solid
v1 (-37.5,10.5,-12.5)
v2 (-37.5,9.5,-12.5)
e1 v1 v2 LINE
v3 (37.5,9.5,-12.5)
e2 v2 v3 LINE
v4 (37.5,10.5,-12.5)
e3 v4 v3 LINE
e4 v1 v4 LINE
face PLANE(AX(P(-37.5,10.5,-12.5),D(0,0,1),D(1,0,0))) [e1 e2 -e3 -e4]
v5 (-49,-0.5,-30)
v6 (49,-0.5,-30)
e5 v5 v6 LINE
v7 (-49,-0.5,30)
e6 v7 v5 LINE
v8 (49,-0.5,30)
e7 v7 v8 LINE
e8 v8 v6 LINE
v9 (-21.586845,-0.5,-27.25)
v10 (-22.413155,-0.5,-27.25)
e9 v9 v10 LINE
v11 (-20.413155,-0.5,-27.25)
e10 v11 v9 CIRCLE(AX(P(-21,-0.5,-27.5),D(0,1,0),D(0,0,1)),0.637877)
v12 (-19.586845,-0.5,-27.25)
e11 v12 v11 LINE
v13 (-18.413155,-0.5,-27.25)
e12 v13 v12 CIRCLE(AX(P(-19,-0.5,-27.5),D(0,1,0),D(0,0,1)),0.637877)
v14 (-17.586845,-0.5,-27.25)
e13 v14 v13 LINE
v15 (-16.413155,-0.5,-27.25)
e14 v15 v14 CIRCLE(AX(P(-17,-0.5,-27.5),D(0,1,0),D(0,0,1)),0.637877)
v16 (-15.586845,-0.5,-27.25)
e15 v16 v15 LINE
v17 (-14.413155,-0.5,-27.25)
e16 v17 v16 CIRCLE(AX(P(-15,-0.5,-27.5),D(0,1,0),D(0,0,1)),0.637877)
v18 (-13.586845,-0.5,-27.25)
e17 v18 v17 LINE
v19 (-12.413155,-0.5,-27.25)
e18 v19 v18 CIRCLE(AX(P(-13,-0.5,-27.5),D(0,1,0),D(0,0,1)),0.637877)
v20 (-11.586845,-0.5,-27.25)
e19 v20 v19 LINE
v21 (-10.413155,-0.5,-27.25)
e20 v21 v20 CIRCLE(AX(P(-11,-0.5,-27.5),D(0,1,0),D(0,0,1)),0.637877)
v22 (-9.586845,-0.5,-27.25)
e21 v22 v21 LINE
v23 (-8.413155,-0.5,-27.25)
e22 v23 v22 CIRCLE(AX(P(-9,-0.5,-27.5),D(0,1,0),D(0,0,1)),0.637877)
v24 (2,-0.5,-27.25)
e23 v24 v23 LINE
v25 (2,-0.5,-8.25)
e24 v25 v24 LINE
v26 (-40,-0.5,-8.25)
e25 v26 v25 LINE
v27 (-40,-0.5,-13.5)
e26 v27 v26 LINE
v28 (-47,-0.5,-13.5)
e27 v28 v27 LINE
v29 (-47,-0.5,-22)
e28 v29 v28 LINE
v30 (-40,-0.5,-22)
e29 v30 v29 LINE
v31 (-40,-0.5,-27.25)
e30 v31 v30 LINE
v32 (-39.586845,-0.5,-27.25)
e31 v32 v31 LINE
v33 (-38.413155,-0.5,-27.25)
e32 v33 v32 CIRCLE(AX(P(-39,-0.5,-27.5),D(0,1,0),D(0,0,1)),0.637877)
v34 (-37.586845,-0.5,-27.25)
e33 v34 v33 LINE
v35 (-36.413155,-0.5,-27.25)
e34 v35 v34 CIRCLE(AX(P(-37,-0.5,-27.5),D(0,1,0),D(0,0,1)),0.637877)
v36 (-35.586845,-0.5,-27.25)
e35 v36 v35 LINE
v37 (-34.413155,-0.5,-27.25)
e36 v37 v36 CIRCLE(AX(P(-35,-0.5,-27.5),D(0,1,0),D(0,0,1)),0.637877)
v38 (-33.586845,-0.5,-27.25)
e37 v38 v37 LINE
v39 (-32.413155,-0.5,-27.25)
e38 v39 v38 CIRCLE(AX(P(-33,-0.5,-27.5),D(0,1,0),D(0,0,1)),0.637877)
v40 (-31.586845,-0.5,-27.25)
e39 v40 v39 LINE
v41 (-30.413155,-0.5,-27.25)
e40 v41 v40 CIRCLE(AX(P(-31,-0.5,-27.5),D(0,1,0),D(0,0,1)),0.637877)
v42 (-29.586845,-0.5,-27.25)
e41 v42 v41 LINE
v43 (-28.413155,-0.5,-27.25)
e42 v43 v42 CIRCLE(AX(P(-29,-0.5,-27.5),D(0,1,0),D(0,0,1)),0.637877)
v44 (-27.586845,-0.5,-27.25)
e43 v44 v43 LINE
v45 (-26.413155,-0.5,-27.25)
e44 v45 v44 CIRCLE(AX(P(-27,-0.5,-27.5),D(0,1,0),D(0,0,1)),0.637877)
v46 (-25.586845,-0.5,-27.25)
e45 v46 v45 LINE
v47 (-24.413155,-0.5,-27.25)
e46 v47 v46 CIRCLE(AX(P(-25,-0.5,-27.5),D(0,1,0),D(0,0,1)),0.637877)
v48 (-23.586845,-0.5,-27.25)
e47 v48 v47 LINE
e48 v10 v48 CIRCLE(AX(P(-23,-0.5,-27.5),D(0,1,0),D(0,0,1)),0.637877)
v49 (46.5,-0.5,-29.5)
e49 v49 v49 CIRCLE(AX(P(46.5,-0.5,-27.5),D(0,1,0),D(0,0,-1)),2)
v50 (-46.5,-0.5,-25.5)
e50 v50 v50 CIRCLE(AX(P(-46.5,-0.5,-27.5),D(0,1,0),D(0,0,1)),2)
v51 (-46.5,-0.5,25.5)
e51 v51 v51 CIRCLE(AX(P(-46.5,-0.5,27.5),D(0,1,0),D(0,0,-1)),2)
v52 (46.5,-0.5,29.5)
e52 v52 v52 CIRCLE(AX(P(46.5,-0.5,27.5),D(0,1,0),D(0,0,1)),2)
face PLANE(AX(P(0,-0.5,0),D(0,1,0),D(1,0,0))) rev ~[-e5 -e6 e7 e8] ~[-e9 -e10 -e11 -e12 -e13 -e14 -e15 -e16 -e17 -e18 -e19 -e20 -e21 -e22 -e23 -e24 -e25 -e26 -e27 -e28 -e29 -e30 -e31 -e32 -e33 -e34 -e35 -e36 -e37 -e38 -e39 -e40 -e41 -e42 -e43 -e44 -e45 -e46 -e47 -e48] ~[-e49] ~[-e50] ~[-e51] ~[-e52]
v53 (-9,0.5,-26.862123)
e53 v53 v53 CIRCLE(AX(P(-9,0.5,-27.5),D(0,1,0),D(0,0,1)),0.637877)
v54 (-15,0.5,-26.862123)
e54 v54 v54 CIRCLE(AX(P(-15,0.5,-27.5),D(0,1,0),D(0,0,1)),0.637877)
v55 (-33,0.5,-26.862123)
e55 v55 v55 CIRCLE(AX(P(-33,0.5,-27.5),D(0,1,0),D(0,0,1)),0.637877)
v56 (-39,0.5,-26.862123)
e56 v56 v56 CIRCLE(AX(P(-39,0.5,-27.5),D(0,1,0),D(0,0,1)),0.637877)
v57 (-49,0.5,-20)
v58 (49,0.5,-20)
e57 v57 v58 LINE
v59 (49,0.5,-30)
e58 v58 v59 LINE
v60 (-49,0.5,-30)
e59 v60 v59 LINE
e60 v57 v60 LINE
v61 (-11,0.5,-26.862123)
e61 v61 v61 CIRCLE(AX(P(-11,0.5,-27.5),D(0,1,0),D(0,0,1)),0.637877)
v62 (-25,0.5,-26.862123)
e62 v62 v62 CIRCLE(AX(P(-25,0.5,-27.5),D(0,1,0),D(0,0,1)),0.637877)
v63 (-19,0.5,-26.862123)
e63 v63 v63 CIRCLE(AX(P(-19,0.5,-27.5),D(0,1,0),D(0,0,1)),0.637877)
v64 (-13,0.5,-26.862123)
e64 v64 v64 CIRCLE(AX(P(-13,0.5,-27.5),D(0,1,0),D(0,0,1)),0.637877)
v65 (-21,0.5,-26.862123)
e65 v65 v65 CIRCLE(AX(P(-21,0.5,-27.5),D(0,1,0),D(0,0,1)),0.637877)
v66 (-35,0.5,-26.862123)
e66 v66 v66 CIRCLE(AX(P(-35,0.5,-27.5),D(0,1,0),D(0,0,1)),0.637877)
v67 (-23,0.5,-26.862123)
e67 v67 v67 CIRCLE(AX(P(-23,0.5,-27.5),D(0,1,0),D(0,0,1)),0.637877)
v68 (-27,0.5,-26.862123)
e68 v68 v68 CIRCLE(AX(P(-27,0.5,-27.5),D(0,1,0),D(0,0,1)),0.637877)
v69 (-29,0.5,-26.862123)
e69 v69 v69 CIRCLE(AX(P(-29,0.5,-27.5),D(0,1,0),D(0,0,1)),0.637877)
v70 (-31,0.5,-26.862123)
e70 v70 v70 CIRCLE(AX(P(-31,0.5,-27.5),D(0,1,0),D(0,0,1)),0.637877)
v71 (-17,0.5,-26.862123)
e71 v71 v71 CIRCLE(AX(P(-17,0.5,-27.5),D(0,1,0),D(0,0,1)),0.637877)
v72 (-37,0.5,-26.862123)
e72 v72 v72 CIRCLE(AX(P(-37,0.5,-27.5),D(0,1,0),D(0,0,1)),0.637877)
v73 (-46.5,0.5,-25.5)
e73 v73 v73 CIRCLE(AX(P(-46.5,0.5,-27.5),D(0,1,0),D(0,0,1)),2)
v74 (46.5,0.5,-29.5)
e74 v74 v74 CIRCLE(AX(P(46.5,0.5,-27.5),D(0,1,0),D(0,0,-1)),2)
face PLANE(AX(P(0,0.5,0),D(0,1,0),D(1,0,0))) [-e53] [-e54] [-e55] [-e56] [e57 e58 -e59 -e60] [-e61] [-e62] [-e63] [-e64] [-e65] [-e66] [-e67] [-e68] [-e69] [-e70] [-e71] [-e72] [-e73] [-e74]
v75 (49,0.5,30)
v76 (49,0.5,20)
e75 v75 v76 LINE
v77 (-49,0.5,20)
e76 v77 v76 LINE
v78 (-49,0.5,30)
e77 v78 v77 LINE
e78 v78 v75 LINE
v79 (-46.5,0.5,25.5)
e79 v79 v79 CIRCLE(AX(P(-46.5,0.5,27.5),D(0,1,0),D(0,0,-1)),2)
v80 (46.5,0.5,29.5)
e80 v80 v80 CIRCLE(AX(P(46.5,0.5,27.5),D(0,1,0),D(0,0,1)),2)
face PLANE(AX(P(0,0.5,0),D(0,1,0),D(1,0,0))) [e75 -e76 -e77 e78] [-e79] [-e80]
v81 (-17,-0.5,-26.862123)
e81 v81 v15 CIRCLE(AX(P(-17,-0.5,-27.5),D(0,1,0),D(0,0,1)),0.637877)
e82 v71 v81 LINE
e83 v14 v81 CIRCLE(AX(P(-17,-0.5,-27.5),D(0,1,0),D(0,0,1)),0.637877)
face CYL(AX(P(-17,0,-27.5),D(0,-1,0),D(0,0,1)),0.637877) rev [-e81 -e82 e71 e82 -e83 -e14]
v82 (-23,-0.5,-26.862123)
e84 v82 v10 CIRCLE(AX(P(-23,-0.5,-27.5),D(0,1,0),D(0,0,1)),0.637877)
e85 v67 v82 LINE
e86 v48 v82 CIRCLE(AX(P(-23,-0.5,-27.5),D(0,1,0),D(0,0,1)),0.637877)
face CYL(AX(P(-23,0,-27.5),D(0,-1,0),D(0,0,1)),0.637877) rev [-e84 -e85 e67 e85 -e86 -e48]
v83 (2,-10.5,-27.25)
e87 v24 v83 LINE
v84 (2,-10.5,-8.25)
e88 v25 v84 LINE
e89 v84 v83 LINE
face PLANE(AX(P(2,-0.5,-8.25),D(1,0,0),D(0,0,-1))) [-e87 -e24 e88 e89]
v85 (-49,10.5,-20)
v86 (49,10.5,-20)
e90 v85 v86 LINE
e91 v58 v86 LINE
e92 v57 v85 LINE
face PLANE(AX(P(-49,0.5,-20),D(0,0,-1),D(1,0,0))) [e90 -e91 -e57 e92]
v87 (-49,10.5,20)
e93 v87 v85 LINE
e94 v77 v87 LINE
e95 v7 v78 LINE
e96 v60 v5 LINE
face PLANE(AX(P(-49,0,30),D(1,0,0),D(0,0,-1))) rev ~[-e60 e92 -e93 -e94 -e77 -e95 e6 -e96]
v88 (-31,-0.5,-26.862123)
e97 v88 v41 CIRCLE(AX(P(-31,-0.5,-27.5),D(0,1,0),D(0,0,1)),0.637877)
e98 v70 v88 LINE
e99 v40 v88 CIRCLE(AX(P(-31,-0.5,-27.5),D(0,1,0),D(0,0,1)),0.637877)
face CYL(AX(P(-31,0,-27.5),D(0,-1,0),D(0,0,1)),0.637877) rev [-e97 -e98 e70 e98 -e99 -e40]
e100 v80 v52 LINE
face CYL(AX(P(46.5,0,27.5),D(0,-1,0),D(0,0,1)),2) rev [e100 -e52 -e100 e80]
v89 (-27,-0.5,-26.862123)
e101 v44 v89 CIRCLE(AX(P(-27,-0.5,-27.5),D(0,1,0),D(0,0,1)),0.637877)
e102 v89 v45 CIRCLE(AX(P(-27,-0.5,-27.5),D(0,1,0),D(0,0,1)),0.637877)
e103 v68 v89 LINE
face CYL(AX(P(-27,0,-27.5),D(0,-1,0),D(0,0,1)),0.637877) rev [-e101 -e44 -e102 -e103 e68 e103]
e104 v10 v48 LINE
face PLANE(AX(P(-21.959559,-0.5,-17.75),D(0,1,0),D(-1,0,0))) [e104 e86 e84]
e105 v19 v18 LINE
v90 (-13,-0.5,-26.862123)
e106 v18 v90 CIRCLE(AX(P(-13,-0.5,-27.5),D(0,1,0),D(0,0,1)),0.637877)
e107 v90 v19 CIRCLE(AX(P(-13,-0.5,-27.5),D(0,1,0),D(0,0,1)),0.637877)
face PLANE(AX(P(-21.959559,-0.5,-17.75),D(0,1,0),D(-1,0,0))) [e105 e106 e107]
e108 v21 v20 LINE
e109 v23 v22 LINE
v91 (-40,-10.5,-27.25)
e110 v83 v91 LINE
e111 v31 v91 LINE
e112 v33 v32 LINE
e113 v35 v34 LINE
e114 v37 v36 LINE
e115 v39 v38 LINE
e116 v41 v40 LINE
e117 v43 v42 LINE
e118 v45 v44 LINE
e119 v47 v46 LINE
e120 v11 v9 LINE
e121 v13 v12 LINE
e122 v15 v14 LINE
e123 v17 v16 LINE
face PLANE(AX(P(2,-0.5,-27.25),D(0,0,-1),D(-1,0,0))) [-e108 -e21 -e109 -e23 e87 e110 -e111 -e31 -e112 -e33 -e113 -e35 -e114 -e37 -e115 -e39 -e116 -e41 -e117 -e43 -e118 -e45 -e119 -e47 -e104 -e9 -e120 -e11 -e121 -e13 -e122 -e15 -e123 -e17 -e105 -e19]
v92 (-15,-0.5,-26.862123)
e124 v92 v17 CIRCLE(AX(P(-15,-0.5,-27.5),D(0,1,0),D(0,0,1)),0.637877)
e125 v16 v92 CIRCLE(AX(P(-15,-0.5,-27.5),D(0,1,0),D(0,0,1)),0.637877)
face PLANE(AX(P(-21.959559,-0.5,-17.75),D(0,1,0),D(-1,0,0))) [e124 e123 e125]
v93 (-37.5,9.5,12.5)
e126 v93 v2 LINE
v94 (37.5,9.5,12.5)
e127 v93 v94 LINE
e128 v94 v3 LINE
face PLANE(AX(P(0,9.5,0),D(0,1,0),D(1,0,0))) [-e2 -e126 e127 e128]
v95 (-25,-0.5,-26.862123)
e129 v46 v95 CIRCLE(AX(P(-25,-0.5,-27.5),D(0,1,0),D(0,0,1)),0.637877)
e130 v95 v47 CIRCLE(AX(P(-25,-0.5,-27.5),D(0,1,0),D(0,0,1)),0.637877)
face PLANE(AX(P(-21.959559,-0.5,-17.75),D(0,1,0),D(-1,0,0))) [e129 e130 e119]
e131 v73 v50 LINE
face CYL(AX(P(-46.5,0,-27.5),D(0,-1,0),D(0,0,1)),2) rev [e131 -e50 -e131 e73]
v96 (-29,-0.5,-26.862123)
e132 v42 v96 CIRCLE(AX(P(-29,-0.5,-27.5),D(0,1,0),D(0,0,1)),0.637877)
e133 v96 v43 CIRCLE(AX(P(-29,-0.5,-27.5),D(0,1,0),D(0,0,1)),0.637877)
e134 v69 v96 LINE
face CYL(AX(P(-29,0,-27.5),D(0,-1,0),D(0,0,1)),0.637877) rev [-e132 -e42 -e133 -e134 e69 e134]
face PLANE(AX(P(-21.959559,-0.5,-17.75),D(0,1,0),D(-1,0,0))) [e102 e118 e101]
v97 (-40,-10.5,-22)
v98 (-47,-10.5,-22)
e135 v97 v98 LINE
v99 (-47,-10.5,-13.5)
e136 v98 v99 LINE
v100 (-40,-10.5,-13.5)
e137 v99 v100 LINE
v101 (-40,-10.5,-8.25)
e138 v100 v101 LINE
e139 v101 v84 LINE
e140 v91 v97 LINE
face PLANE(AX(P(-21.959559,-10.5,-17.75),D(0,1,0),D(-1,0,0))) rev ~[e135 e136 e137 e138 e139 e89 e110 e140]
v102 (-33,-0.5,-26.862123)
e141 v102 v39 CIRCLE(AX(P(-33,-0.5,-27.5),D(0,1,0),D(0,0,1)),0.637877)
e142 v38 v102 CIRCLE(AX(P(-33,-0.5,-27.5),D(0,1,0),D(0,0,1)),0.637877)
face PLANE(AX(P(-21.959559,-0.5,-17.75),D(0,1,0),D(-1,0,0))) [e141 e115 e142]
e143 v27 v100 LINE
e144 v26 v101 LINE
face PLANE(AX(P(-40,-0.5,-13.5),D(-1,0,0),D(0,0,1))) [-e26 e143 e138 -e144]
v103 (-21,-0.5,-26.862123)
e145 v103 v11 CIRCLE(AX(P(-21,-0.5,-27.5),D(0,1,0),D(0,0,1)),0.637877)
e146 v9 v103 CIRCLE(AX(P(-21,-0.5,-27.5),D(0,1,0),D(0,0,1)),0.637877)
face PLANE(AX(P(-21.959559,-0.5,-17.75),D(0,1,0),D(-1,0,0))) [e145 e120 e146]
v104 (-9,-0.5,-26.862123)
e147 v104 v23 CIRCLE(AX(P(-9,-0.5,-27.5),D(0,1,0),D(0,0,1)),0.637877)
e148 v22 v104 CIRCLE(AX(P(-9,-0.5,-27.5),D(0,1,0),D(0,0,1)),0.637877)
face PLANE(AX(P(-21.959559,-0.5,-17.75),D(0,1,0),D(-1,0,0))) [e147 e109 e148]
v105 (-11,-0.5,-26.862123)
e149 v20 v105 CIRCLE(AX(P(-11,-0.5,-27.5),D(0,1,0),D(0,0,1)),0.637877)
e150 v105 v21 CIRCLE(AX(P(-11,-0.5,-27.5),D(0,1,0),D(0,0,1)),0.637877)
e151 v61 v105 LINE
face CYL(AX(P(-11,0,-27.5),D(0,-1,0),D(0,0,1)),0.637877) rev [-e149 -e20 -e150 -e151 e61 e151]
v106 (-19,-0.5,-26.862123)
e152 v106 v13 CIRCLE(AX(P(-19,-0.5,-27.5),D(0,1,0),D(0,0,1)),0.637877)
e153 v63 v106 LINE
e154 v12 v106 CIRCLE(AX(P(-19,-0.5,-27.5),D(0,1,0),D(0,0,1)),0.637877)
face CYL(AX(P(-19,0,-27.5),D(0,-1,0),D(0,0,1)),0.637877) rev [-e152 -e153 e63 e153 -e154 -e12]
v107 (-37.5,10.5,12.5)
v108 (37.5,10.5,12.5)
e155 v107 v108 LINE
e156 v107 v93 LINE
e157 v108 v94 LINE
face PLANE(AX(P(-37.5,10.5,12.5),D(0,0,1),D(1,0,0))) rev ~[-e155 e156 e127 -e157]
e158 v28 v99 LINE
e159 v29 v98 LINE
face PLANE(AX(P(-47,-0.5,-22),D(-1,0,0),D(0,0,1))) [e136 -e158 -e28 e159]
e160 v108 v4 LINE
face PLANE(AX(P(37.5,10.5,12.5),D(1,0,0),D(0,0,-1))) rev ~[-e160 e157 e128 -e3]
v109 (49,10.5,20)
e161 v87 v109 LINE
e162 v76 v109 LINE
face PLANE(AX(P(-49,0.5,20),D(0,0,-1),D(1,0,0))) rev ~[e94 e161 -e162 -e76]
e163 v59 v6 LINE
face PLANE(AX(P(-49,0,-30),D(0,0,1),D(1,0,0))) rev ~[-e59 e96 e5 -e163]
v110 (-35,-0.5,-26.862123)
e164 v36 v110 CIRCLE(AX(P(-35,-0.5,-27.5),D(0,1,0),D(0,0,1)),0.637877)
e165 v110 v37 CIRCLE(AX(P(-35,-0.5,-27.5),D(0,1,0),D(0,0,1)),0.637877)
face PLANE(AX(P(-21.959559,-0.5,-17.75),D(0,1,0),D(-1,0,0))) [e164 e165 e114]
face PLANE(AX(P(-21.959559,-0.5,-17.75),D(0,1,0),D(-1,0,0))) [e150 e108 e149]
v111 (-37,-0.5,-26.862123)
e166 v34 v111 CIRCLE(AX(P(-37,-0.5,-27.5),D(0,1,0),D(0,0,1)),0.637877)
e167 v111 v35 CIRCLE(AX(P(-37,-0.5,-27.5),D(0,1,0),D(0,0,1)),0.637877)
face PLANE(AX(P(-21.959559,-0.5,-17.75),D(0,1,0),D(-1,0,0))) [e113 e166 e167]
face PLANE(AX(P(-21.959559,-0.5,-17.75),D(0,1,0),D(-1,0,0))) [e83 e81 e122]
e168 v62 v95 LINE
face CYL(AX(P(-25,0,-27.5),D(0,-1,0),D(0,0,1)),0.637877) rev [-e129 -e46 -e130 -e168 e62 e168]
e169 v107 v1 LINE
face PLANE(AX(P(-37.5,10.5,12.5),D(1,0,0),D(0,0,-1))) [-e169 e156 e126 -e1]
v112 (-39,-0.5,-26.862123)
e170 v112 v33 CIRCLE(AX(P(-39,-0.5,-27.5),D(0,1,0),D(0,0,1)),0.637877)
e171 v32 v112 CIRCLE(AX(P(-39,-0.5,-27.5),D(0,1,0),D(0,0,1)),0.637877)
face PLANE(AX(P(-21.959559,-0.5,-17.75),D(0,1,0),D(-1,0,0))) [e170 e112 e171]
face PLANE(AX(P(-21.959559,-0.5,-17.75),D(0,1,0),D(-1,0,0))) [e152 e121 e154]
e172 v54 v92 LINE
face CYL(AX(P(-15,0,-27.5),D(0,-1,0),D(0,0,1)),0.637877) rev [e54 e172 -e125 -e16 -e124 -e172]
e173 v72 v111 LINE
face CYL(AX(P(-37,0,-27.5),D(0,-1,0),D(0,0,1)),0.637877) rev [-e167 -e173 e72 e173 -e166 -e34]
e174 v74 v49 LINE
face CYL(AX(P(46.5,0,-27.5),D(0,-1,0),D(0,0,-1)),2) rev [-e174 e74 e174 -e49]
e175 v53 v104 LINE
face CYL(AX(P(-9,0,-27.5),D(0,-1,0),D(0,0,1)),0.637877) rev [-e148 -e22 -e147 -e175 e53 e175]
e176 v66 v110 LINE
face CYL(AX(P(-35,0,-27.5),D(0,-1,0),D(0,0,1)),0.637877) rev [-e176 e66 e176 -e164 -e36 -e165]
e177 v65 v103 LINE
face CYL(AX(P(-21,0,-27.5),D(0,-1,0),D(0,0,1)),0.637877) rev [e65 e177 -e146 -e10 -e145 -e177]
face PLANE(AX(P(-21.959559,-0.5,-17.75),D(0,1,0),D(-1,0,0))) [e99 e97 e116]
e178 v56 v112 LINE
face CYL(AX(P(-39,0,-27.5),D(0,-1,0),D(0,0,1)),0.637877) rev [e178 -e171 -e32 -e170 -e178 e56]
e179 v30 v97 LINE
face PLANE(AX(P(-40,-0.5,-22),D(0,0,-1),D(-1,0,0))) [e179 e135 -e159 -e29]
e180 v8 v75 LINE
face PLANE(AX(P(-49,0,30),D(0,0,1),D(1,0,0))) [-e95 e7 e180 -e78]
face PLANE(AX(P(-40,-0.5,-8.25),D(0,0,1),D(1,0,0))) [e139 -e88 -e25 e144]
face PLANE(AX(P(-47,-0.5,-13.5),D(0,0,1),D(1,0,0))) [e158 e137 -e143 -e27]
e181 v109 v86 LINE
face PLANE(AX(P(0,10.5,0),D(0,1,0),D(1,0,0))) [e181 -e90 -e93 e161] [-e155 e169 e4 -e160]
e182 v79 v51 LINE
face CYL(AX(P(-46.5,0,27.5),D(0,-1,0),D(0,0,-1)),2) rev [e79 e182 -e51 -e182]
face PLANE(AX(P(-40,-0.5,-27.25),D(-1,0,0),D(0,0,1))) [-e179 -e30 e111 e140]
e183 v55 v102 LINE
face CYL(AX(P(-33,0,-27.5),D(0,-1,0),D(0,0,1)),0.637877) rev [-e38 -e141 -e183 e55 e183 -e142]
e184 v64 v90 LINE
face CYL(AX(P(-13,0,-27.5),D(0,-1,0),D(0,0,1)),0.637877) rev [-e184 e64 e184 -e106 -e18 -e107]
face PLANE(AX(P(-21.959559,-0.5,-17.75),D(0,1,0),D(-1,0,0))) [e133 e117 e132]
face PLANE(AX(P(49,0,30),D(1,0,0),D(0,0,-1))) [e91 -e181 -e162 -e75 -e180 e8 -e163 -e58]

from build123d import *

# Parameters (mm, degrees)
ESQUISSE1_W             = 98
ESQUISSE1_H             = 60
ESQUISSE1_R             = 2
ESQUISSE1_R_2           = 0.637876667
BOSS_EXTRU_1_DEPTH      = 0.5
ESQUISSE3_W             = 98
ESQUISSE3_H             = 40
BOSS_EXTRU_2_DEPTH      = 10
ESQUISSE4_W             = 75
ESQUISSE4_H             = 25
ENL_V_MAT_EXTRU_1_DEPTH = 1
BOSS_EXTRU_4_DEPTH      = 10


with BuildPart() as part:
    # Esquisse1 → Boss.-Extru.1 (new, symmetric)
    with BuildSketch(Plane(origin=(0, 0, 0), x_dir=(1, 0, 0), z_dir=(0, 1, 0))):
        Rectangle(ESQUISSE1_W, ESQUISSE1_H)
        with Locations(Location((-46.5, 27.5, 0), (0, 0, 270))):
            Circle(ESQUISSE1_R, mode=Mode.SUBTRACT)
        with Locations(Location((46.5, 27.5, 0), (0, 0, 90))):
            Circle(ESQUISSE1_R, mode=Mode.SUBTRACT)
        with Locations(Location((46.5, -27.5, 0), (0, 0, 270))):
            Circle(ESQUISSE1_R, mode=Mode.SUBTRACT)
        with Locations(Location((-46.5, -27.5, 0), (0, 0, 90))):
            Circle(ESQUISSE1_R, mode=Mode.SUBTRACT)
        with Locations(Location((-39, 27.5, 0), (0, 0, 270))):
            Circle(ESQUISSE1_R_2, mode=Mode.SUBTRACT)
        with Locations(Location((-37, 27.5, 0), (0, 0, 270))):
            Circle(ESQUISSE1_R_2, mode=Mode.SUBTRACT)
        with Locations(Location((-35, 27.5, 0), (0, 0, 270))):
            Circle(ESQUISSE1_R_2, mode=Mode.SUBTRACT)
        with Locations(Location((-33, 27.5, 0), (0, 0, 270))):
            Circle(ESQUISSE1_R_2, mode=Mode.SUBTRACT)
        with Locations(Location((-31, 27.5, 0), (0, 0, 270))):
            Circle(ESQUISSE1_R_2, mode=Mode.SUBTRACT)
        with Locations(Location((-29, 27.5, 0), (0, 0, 270))):
            Circle(ESQUISSE1_R_2, mode=Mode.SUBTRACT)
        with Locations(Location((-27, 27.5, 0), (0, 0, 270))):
            Circle(ESQUISSE1_R_2, mode=Mode.SUBTRACT)
        with Locations(Location((-25, 27.5, 0), (0, 0, 270))):
            Circle(ESQUISSE1_R_2, mode=Mode.SUBTRACT)
        with Locations(Location((-23, 27.5, 0), (0, 0, 270))):
            Circle(ESQUISSE1_R_2, mode=Mode.SUBTRACT)
        with Locations(Location((-21, 27.5, 0), (0, 0, 270))):
            Circle(ESQUISSE1_R_2, mode=Mode.SUBTRACT)
        with Locations(Location((-19, 27.5, 0), (0, 0, 270))):
            Circle(ESQUISSE1_R_2, mode=Mode.SUBTRACT)
        with Locations(Location((-17, 27.5, 0), (0, 0, 270))):
            Circle(ESQUISSE1_R_2, mode=Mode.SUBTRACT)
        with Locations(Location((-15, 27.5, 0), (0, 0, 270))):
            Circle(ESQUISSE1_R_2, mode=Mode.SUBTRACT)
        with Locations(Location((-13, 27.5, 0), (0, 0, 270))):
            Circle(ESQUISSE1_R_2, mode=Mode.SUBTRACT)
        with Locations(Location((-11, 27.5, 0), (0, 0, 270))):
            Circle(ESQUISSE1_R_2, mode=Mode.SUBTRACT)
        with Locations(Location((-9, 27.5, 0), (0, 0, 270))):
            Circle(ESQUISSE1_R_2, mode=Mode.SUBTRACT)
    extrude(amount=BOSS_EXTRU_1_DEPTH, both=True)

    # Esquisse3 → Boss.-Extru.2 (add)
    with BuildSketch(Plane(origin=(0, 0.5, 0), x_dir=(1, 0, 0), z_dir=(0, 1, 0))):
        Rectangle(ESQUISSE3_W, ESQUISSE3_H)
    extrude(amount=BOSS_EXTRU_2_DEPTH)

    # Esquisse4 → Enlèv. mat.-Extru.1 (cut)
    with BuildSketch(Plane(origin=(0, 10.5, 0), x_dir=(1, 0, 0), z_dir=(0, 1, 0))):
        Rectangle(ESQUISSE4_W, ESQUISSE4_H)
    extrude(amount=-ENL_V_MAT_EXTRU_1_DEPTH, mode=Mode.SUBTRACT)

    # Esquisse5 → Boss.-Extru.4 (add)
    with BuildSketch(Plane.XZ.offset(0.5)):
        Polygon((-40, -27.25), (-40, -22), (-47, -22), (-47, -13.5), (-40, -13.5), (-40, -8.25), (2, -8.25), (2, -27.25), align=None)
    extrude(amount=BOSS_EXTRU_4_DEPTH)


solid = part.part
